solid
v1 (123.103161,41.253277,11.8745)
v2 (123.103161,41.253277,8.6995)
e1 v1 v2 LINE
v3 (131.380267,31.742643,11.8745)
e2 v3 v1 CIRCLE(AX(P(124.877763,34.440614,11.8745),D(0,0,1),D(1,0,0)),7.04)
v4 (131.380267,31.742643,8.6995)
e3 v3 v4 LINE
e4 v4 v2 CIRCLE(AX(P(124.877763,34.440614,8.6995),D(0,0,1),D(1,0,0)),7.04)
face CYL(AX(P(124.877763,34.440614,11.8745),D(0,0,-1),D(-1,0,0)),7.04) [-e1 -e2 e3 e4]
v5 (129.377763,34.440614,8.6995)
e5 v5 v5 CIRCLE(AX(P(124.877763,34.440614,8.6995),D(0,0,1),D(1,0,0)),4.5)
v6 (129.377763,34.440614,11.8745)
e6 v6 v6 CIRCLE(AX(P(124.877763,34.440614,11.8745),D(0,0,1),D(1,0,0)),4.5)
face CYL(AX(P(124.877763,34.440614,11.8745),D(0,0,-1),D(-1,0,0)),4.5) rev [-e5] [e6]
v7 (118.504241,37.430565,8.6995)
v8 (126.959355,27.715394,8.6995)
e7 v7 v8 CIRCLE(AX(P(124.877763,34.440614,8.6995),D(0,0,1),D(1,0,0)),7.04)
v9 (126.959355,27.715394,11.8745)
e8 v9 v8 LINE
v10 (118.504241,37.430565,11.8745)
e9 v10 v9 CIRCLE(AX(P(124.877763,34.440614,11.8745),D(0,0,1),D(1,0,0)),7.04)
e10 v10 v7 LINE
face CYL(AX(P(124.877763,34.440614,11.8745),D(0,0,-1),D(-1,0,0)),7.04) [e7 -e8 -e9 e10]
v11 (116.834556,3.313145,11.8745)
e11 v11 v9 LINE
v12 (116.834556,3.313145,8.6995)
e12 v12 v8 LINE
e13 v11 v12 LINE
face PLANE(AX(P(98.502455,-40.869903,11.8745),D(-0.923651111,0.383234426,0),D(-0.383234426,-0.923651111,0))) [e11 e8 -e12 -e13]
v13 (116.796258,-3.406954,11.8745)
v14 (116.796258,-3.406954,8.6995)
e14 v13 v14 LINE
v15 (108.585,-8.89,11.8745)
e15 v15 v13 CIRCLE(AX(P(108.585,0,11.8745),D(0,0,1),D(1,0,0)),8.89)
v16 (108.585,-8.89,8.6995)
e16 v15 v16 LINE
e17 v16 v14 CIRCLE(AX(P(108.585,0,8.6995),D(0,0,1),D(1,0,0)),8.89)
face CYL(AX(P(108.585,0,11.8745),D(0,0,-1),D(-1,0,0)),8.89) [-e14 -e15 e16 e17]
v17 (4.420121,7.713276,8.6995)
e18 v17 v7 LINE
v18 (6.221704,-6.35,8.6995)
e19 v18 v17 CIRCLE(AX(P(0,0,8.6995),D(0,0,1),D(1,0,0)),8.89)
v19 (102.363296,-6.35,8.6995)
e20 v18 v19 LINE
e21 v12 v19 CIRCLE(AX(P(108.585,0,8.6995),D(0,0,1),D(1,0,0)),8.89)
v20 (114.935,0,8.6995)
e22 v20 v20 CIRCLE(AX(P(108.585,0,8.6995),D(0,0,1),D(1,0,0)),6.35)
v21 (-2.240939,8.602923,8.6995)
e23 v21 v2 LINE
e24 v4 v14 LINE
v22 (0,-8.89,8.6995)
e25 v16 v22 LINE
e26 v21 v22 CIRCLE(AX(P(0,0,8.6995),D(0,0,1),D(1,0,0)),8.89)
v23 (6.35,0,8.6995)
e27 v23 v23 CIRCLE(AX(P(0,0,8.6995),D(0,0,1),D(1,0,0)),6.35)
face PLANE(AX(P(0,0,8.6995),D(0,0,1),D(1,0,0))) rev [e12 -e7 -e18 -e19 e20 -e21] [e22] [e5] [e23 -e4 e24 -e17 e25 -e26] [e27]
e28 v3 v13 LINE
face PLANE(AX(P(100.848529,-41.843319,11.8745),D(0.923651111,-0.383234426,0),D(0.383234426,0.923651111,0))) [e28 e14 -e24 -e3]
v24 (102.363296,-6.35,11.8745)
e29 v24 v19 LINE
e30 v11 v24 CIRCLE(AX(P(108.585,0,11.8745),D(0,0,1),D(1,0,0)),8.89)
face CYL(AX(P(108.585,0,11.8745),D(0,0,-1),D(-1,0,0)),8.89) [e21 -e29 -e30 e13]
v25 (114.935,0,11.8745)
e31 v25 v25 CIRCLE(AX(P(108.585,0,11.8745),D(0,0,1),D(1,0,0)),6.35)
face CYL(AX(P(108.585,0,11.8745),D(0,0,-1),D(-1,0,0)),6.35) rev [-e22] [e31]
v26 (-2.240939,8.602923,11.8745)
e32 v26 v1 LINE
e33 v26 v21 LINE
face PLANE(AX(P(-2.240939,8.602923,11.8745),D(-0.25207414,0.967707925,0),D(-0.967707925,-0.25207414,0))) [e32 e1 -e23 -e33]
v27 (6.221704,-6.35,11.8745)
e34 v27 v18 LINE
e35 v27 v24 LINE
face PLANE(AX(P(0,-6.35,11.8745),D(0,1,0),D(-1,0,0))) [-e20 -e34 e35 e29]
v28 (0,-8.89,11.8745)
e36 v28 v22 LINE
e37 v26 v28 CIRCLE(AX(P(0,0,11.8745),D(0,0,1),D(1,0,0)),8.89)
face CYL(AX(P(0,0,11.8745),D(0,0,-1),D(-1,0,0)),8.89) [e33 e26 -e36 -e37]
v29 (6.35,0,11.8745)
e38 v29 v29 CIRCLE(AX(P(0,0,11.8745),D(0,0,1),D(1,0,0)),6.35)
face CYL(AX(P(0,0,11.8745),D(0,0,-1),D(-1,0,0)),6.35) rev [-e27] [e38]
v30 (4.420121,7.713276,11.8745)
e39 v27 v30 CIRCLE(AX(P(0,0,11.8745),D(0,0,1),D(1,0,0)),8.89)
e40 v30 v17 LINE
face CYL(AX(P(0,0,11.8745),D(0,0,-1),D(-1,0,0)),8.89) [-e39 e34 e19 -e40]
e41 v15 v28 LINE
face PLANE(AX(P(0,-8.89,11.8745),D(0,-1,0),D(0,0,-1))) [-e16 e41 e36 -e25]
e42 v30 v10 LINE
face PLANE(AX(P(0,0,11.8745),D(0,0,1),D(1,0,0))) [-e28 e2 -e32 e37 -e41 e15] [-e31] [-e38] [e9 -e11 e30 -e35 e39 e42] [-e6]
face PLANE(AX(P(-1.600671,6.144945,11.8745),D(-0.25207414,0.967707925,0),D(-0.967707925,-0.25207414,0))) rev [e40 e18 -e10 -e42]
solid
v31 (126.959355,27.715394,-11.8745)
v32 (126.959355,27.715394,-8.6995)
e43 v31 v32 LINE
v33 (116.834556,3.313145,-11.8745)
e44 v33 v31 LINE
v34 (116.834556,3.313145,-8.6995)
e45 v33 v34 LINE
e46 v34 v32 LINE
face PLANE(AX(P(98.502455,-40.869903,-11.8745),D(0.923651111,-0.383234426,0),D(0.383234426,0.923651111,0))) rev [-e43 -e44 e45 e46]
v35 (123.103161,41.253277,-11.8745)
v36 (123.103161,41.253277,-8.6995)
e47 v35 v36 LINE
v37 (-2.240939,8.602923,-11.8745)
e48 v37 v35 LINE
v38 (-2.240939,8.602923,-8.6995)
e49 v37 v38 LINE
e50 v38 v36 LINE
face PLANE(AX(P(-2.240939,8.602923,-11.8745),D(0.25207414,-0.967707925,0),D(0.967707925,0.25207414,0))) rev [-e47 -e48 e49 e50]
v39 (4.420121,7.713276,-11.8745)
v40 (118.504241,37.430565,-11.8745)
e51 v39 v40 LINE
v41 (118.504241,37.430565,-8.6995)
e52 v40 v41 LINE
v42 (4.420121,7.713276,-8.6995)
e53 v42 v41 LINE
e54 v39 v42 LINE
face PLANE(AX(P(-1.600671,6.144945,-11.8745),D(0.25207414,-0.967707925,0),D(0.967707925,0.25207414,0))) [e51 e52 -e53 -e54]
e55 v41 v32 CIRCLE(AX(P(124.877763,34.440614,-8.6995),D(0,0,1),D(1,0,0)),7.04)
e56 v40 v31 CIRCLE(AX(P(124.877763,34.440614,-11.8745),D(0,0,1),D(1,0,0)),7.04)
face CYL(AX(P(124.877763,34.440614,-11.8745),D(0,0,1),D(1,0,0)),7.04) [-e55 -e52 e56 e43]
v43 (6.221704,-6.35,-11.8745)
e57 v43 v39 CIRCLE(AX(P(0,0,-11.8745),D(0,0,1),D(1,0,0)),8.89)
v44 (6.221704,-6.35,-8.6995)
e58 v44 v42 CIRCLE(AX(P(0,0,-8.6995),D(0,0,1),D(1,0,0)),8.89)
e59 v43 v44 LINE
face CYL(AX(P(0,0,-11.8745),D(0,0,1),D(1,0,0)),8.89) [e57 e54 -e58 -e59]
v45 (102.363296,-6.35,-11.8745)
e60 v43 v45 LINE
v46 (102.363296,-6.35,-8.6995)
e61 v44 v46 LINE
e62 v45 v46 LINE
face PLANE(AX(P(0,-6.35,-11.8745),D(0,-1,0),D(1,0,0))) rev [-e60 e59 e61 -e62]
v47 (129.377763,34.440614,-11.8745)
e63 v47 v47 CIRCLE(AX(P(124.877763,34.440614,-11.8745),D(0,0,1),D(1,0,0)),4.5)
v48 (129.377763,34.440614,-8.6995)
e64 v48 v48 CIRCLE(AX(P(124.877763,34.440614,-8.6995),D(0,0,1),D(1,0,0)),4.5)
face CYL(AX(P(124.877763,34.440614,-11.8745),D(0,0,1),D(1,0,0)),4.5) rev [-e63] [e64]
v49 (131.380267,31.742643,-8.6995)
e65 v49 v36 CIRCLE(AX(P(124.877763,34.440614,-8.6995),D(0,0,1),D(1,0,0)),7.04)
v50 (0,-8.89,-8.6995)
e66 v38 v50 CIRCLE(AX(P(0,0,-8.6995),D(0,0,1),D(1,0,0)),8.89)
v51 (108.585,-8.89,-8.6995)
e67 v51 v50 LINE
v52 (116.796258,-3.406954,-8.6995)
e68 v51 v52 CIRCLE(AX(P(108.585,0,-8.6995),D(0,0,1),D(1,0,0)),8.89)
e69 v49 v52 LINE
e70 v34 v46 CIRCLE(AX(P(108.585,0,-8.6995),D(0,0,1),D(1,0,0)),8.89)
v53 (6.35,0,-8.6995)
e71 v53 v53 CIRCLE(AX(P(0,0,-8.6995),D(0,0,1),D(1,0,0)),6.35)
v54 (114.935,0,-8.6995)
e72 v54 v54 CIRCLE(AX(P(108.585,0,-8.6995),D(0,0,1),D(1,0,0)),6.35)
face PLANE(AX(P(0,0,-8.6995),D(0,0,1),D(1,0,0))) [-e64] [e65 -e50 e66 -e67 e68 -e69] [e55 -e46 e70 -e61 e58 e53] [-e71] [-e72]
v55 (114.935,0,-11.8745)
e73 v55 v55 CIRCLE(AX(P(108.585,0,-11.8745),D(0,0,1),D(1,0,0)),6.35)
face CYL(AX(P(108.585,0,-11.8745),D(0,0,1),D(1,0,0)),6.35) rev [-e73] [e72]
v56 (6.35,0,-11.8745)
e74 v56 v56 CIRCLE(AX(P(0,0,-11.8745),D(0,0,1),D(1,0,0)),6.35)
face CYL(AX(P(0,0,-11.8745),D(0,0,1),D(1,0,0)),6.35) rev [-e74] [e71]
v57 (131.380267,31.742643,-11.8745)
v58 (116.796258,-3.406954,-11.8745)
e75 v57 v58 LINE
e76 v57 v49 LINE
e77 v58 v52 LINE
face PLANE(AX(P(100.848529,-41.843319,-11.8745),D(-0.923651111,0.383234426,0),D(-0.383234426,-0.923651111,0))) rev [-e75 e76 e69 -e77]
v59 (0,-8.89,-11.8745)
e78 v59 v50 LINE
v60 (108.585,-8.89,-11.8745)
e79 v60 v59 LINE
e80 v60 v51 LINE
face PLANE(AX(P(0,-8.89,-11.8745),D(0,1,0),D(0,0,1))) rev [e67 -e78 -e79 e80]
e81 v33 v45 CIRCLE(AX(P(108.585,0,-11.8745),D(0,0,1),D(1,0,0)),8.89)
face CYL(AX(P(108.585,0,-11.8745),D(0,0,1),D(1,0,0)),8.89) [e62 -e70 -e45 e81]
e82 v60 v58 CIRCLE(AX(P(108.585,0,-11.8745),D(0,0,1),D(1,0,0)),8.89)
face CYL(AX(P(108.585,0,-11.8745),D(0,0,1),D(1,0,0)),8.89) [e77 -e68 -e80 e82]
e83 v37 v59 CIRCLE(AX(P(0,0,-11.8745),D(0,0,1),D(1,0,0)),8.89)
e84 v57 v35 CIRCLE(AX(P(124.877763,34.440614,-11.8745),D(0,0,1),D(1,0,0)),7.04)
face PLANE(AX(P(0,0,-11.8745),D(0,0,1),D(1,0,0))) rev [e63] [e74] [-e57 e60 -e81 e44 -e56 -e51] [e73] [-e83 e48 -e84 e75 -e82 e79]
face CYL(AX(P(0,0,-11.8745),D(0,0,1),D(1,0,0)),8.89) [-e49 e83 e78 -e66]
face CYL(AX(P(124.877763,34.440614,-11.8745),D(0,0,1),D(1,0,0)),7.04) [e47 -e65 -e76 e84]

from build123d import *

# Parameters (mm, degrees)
BOSS_EXTRUDE1_START = 8.6995
BOSS_EXTRUDE1_DEPTH = 3.175
BOSS_EXTRUDE2_START = -8.6995
BOSS_EXTRUDE2_DEPTH = 3.175


with BuildPart() as part:
    # Sketch1 → Boss-Extrude1 (new body)
    with BuildSketch(Plane.XY.offset(BOSS_EXTRUDE1_START)):
        with BuildLine():
            Line((123.103161211, 41.253277443), (-2.240939106, 8.602923452))
            ThreePointArc((-2.240939106, 8.602923452), (1.176892963, 8.811754817), (4.420121426, 7.713275995))
            Line((4.420121426, 7.713275995), (118.50424059, 37.43056517))
            ThreePointArc((118.50424059, 37.43056517), (120.377622543, 39.854515613), (123.103161211, 41.253277443))
        make_face()
        with BuildLine():
            ThreePointArc((4.420121426, 7.713275995), (1.176892963, 8.811754817), (-2.240939106, 8.602923452))
            ThreePointArc((-2.240939106, 8.602923452), (-8.817938804, -1.129626157), (0, -8.89))
            ThreePointArc((0, -8.89), (3.360104165, -8.230540687), (6.221703947, -6.35))
            Line((6.221703947, -6.35), (0, -6.35))
            ThreePointArc((0, -6.35), (-6.298527717, -0.806875827), (-1.60067079, 6.144945323))
            Line((-1.60067079, 6.144945323), (4.420121426, 7.713275995))
        make_face()
        with BuildLine():
            ThreePointArc((8.89, 0), (7.691780661, 4.45742193), (4.420121426, 7.713275995))
            Line((4.420121426, 7.713275995), (-1.60067079, 6.144945323))
            ThreePointArc((-1.60067079, 6.144945323), (3.883184292, 5.024279029), (6.35, 0))
            ThreePointArc((6.35, 0), (4.490128061, -4.490128061), (0, -6.35))
            Line((0, -6.35), (6.221703947, -6.35))
            ThreePointArc((6.221703947, -6.35), (8.195823573, -3.443918692), (8.89, 0))
        make_face()
        with BuildLine():
            ThreePointArc((6.221703947, -6.35), (3.360104165, -8.230540687), (0, -8.89))
            Line((0, -8.89), (108.585, -8.89))
            ThreePointArc((108.585, -8.89), (105.224895835, -8.230540687), (102.363296053, -6.35))
            Line((102.363296053, -6.35), (6.221703947, -6.35))
        make_face()
        with BuildLine():
            ThreePointArc((102.363296053, -6.35), (105.224895835, -8.230540687), (108.585, -8.89))
            ThreePointArc((108.585, -8.89), (113.521814689, -7.3932375), (116.796258377, -3.406954044))
            ThreePointArc((116.796258377, -3.406954044), (117.303663515, -1.736953227), (117.475, 0))
            ThreePointArc((117.475, 0), (117.313420536, 1.687238851), (116.834555694, 3.31314516))
            Line((116.834555694, 3.31314516), (114.450184555, -2.433538603))
            ThreePointArc((114.450184555, -2.433538603), (112.111296206, -5.280883928), (108.585, -6.35))
            Line((108.585, -6.35), (102.363296053, -6.35))
        make_face()
        with BuildLine():
            ThreePointArc((116.834555694, 3.31314516), (103.648185311, 7.3932375), (102.363296053, -6.35))
            Line((102.363296053, -6.35), (108.585, -6.35))
            ThreePointArc((108.585, -6.35), (104.094871939, 4.490128061), (114.935, 0))
            ThreePointArc((114.935, 0), (114.812616796, -1.240680876), (114.450184555, -2.433538603))
            Line((114.450184555, -2.433538603), (116.834555694, 3.31314516))
        make_face()
        with BuildLine():
            Line((116.796258377, -3.406954044), (131.38026698, 31.742643294))
            ThreePointArc((131.38026698, 31.742643294), (129.618686837, 29.236265213), (126.959354757, 27.715394219))
            Line((126.959354757, 27.715394219), (116.834555694, 3.31314516))
            ThreePointArc((116.834555694, 3.31314516), (117.313420536, 1.687238851), (117.475, 0))
            ThreePointArc((117.475, 0), (117.303663515, -1.736953227), (116.796258377, -3.406954044))
        make_face()
        with BuildLine():
            ThreePointArc((131.917763158, 34.440613651), (129.182899758, 40.01083796), (123.103161211, 41.253277443))
            ThreePointArc((123.103161211, 41.253277443), (120.377622543, 39.854515613), (118.50424059, 37.43056517))
            Line((118.50424059, 37.43056517), (123.743429527, 38.795299313))
            ThreePointArc((123.743429527, 38.795299313), (127.629626042, 38.001126349), (129.377763158, 34.440613651))
            ThreePointArc((129.377763158, 34.440613651), (129.291034903, 33.561390983), (129.034193158, 32.716058736))
            Line((129.034193158, 32.716058736), (126.959354757, 27.715394219))
            ThreePointArc((126.959354757, 27.715394219), (129.618686837, 29.236265213), (131.38026698, 31.742643294))
            ThreePointArc((131.38026698, 31.742643294), (131.782081622, 33.065118632), (131.917763158, 34.440613651))
        make_face()
        with BuildLine():
            Line((123.743429527, 38.795299313), (118.50424059, 37.43056517))
            ThreePointArc((118.50424059, 37.43056517), (119.567273114, 29.81889368), (126.959354757, 27.715394219))
            Line((126.959354757, 27.715394219), (129.034193158, 32.716058736))
            ThreePointArc((129.034193158, 32.716058736), (121.483273783, 31.486389238), (123.743429527, 38.795299313))
        make_face()
    extrude(amount=BOSS_EXTRUDE1_DEPTH)


with BuildPart() as body_2:
    # Sketch1<4> → Boss-Extrude2 (new body)
    with BuildSketch(Plane.XY.offset(BOSS_EXTRUDE2_START)):
        with BuildLine():
            Line((123.103161211, 41.253277443), (-2.240939106, 8.602923452))
            ThreePointArc((-2.240939106, 8.602923452), (1.176892963, 8.811754817), (4.420121426, 7.713275995))
            Line((4.420121426, 7.713275995), (118.50424059, 37.43056517))
            ThreePointArc((118.50424059, 37.43056517), (120.377622543, 39.854515613), (123.103161211, 41.253277443))
        make_face()
        with BuildLine():
            ThreePointArc((4.420121426, 7.713275995), (1.176892963, 8.811754817), (-2.240939106, 8.602923452))
            ThreePointArc((-2.240939106, 8.602923452), (-8.817938804, -1.129626157), (0, -8.89))
            ThreePointArc((0, -8.89), (3.360104165, -8.230540687), (6.221703947, -6.35))
            Line((6.221703947, -6.35), (0, -6.35))
            ThreePointArc((0, -6.35), (-6.298527717, -0.806875827), (-1.60067079, 6.144945323))
            Line((-1.60067079, 6.144945323), (4.420121426, 7.713275995))
        make_face()
        with BuildLine():
            ThreePointArc((8.89, 0), (7.691780661, 4.45742193), (4.420121426, 7.713275995))
            Line((4.420121426, 7.713275995), (-1.60067079, 6.144945323))
            ThreePointArc((-1.60067079, 6.144945323), (3.883184292, 5.024279029), (6.35, 0))
            ThreePointArc((6.35, 0), (4.490128061, -4.490128061), (0, -6.35))
            Line((0, -6.35), (6.221703947, -6.35))
            ThreePointArc((6.221703947, -6.35), (8.195823573, -3.443918692), (8.89, 0))
        make_face()
        with BuildLine():
            ThreePointArc((6.221703947, -6.35), (3.360104165, -8.230540687), (0, -8.89))
            Line((0, -8.89), (108.585, -8.89))
            ThreePointArc((108.585, -8.89), (105.224895835, -8.230540687), (102.363296053, -6.35))
            Line((102.363296053, -6.35), (6.221703947, -6.35))
        make_face()
        with BuildLine():
            ThreePointArc((102.363296053, -6.35), (105.224895835, -8.230540687), (108.585, -8.89))
            ThreePointArc((108.585, -8.89), (113.521814689, -7.3932375), (116.796258377, -3.406954044))
            ThreePointArc((116.796258377, -3.406954044), (117.303663515, -1.736953227), (117.475, 0))
            ThreePointArc((117.475, 0), (117.313420536, 1.687238851), (116.834555694, 3.31314516))
            Line((116.834555694, 3.31314516), (114.450184555, -2.433538603))
            ThreePointArc((114.450184555, -2.433538603), (112.111296206, -5.280883928), (108.585, -6.35))
            Line((108.585, -6.35), (102.363296053, -6.35))
        make_face()
        with BuildLine():
            ThreePointArc((116.834555694, 3.31314516), (103.648185311, 7.3932375), (102.363296053, -6.35))
            Line((102.363296053, -6.35), (108.585, -6.35))
            ThreePointArc((108.585, -6.35), (104.094871939, 4.490128061), (114.935, 0))
            ThreePointArc((114.935, 0), (114.812616796, -1.240680876), (114.450184555, -2.433538603))
            Line((114.450184555, -2.433538603), (116.834555694, 3.31314516))
        make_face()
        with BuildLine():
            Line((116.796258377, -3.406954044), (131.38026698, 31.742643294))
            ThreePointArc((131.38026698, 31.742643294), (129.618686837, 29.236265213), (126.959354757, 27.715394219))
            Line((126.959354757, 27.715394219), (116.834555694, 3.31314516))
            ThreePointArc((116.834555694, 3.31314516), (117.313420536, 1.687238851), (117.475, 0))
            ThreePointArc((117.475, 0), (117.303663515, -1.736953227), (116.796258377, -3.406954044))
        make_face()
        with BuildLine():
            ThreePointArc((131.917763158, 34.440613651), (129.182899758, 40.01083796), (123.103161211, 41.253277443))
            ThreePointArc((123.103161211, 41.253277443), (120.377622543, 39.854515613), (118.50424059, 37.43056517))
            Line((118.50424059, 37.43056517), (123.743429527, 38.795299313))
            ThreePointArc((123.743429527, 38.795299313), (127.629626042, 38.001126349), (129.377763158, 34.440613651))
            ThreePointArc((129.377763158, 34.440613651), (129.291034903, 33.561390983), (129.034193158, 32.716058736))
            Line((129.034193158, 32.716058736), (126.959354757, 27.715394219))
            ThreePointArc((126.959354757, 27.715394219), (129.618686837, 29.236265213), (131.38026698, 31.742643294))
            ThreePointArc((131.38026698, 31.742643294), (131.782081622, 33.065118632), (131.917763158, 34.440613651))
        make_face()
        with BuildLine():
            Line((123.743429527, 38.795299313), (118.50424059, 37.43056517))
            ThreePointArc((118.50424059, 37.43056517), (119.567273114, 29.81889368), (126.959354757, 27.715394219))
            Line((126.959354757, 27.715394219), (129.034193158, 32.716058736))
            ThreePointArc((129.034193158, 32.716058736), (121.483273783, 31.486389238), (123.743429527, 38.795299313))
        make_face()
    extrude(amount=-BOSS_EXTRUDE2_DEPTH)


solid = Compound([part.part, body_2.part])
